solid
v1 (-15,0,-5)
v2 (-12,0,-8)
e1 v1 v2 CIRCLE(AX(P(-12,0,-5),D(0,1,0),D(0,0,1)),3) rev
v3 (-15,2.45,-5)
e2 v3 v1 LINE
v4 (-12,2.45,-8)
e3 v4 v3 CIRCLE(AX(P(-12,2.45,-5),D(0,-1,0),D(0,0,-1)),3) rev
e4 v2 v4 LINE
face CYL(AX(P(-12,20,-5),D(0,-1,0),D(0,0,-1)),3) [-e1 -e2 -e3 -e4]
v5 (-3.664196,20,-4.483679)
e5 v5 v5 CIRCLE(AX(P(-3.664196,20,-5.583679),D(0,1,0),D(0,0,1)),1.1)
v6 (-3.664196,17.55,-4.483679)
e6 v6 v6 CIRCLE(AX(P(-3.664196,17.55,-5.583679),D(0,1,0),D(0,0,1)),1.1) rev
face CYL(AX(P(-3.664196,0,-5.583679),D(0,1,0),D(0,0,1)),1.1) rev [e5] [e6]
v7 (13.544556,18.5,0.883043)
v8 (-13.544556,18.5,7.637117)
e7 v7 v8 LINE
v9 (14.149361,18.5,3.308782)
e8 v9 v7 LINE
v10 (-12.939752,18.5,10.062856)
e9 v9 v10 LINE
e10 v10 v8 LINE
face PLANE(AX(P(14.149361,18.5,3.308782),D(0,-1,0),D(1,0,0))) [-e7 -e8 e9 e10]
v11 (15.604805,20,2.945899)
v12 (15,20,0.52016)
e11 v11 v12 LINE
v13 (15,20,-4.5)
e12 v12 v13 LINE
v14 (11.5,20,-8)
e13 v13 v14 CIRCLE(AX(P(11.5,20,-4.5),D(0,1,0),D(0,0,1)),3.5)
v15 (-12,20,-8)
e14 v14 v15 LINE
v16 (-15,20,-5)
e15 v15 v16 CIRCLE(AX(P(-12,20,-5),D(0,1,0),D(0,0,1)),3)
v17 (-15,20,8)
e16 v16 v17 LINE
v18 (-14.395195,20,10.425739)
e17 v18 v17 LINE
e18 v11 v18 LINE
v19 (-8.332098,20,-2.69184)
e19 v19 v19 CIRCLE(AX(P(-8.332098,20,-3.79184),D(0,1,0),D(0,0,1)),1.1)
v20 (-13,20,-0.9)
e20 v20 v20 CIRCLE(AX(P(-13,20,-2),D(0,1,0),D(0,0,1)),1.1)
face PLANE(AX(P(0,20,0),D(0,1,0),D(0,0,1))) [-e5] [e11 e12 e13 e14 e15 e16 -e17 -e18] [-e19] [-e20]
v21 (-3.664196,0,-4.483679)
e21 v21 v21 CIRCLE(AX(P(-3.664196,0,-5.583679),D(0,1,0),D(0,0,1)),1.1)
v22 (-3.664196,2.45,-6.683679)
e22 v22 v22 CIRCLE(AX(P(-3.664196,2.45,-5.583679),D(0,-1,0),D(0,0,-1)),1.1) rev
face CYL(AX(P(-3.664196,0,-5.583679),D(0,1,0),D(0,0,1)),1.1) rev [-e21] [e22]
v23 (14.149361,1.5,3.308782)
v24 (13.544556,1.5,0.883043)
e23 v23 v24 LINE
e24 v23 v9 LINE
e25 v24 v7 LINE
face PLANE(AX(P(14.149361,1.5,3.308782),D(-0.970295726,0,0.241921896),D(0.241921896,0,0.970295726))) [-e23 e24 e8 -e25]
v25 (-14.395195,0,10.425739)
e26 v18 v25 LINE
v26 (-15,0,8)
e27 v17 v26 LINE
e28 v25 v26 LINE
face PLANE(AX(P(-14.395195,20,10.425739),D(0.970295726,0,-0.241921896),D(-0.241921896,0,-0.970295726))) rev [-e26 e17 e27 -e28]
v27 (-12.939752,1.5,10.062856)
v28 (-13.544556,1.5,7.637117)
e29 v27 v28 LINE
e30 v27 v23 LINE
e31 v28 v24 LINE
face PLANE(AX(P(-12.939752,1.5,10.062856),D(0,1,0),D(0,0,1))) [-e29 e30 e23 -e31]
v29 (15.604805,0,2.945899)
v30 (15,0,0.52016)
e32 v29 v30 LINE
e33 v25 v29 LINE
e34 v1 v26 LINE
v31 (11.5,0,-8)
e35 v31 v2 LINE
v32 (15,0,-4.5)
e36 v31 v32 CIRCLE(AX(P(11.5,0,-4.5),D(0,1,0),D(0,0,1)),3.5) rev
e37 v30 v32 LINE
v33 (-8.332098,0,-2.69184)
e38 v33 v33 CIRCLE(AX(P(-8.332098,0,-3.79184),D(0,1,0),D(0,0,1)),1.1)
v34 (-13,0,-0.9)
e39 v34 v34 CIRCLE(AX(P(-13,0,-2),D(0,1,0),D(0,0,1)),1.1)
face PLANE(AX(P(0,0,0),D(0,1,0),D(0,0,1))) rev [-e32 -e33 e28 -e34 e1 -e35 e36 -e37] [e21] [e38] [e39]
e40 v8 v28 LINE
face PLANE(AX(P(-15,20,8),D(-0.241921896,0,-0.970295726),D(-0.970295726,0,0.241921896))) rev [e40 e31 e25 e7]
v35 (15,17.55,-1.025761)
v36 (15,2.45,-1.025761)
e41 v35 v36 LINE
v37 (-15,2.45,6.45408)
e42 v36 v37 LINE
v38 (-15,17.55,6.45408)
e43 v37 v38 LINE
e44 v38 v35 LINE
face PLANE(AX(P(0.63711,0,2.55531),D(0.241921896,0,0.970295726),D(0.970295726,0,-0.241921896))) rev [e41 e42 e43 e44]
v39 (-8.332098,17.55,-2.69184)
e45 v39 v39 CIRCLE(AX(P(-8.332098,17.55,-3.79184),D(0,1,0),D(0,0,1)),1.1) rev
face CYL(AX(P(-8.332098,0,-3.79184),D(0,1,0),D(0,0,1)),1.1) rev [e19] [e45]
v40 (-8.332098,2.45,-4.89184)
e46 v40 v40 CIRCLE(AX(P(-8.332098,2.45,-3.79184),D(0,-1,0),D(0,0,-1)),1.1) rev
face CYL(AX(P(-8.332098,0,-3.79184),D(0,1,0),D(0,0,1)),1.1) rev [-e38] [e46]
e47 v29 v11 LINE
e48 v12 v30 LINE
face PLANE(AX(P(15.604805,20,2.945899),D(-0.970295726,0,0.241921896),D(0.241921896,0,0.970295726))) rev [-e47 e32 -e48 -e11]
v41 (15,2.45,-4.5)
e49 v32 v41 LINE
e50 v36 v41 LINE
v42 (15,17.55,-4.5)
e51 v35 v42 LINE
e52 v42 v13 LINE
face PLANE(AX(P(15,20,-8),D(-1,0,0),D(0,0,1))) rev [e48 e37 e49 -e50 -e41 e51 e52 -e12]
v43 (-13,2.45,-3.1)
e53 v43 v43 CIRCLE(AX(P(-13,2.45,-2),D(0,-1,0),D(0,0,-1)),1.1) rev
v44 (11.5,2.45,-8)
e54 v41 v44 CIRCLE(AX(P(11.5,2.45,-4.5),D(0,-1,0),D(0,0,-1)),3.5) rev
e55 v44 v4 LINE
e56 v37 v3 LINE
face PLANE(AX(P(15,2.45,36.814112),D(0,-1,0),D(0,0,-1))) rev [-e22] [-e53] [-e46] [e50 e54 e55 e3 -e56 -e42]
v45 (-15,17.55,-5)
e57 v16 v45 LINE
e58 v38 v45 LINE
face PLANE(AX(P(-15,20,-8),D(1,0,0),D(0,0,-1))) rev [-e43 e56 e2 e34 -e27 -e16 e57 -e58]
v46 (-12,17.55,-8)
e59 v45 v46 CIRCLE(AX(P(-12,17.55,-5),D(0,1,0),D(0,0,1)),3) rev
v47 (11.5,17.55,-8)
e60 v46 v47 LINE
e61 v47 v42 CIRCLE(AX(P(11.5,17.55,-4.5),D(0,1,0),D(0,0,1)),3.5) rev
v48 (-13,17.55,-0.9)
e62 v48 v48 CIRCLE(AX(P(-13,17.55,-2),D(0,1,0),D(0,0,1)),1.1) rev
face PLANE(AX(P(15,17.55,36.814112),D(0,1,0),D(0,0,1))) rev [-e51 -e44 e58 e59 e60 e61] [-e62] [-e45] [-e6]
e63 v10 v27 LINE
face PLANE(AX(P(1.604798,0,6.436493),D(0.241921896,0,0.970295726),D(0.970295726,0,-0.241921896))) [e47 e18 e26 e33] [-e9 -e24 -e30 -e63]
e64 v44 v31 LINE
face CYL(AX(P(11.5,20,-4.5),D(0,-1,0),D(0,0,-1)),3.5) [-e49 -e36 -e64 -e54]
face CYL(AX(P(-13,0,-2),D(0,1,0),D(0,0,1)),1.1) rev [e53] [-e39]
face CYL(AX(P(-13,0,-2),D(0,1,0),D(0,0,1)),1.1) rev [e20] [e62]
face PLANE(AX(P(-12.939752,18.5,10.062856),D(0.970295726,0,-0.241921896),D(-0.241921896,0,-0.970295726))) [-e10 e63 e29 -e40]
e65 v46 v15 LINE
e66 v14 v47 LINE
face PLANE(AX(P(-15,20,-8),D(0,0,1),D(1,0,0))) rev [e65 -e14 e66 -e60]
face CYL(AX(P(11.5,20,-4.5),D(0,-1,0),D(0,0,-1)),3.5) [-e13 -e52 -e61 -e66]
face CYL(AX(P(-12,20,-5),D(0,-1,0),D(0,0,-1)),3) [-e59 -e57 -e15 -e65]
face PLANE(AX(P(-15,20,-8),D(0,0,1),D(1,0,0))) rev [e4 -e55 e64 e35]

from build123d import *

# Parameters (mm, degrees)
EXTRUDE_1_DEPTH     = 20
SKETCH_2_R          = 1.1
CUT_EXTRUDE_2_DEPTH = 27.248809497
CUT_EXTRUDE_3_REACH = 31.682
SKETCH_3_W          = 30
SKETCH_3_H          = 15.1
FILLET_1_R          = 3
SKETCH_6_W          = 30.918408881
SKETCH_6_H          = 20
SKETCH_6_W_2        = 27.918408881
SKETCH_6_H_2        = 17
EXTRUDE_2_DEPTH     = 2.5
FILLET_2_R          = 3.5


with BuildPart() as part:
    # 草图1 → 凸台-拉伸1 (new body)
    with BuildSketch(Plane(origin=(0, 0, 0), x_dir=(1, 0, 0), z_dir=(0, 1, 0))):
        Polygon((-15, -8), (15, -0.520159915), (15, 8), (-15, 8), align=None)
    extrude(amount=EXTRUDE_1_DEPTH)

    # 草图2 → 切除-拉伸2 (cut, through all)
    with BuildSketch(Plane(origin=(0, 20, 0), x_dir=(1, 0, 0), z_dir=(0, 1, 0))):
        with Locations(Location((-13, 2, 0), (0, 0, 270))):
            Circle(SKETCH_2_R)
        with Locations(Location((-8.332097868, 3.791839748, 0), (0, 0, 270))):
            Circle(SKETCH_2_R)
        with Locations(Location((-3.664195735, 5.583679495, 0), (0, 0, 270))):
            Circle(SKETCH_2_R)
    extrude(amount=-CUT_EXTRUDE_2_DEPTH, mode=Mode.SUBTRACT)

    # 切除-拉伸3: up to this plane
    cut_extrude_3_end = Plane(origin=(0.637110354, 0, 2.555310061), z_dir=(0.24192189559966876, 0, 0.9702957262759963))
    # 草图3 → 切除-拉伸3 (cut, up to the surface)
    with BuildSketch(Plane(origin=(0, 0, -8), x_dir=(-1, 0, 0), z_dir=(0, 0, -1)), mode=Mode.PRIVATE) as cut_extrude_3_sk1:
        with Locations((0, 10)):
            Rectangle(SKETCH_3_W, SKETCH_3_H)
    cut_extrude_3_tool1 = split(extrude(cut_extrude_3_sk1.sketch, amount=-CUT_EXTRUDE_3_REACH, mode=Mode.PRIVATE), bisect_by=cut_extrude_3_end, keep=Keep.BOTH, mode=Mode.PRIVATE)
    add(cut_extrude_3_tool1.solids().sort_by_distance((0, 10, -8))[0], mode=Mode.SUBTRACT)

    # 圆角1
    fillet_1_edges = [part.edges().sort_by_distance(p)[0] for p in [
        (-15, 1.225, -8),
        (-15, 18.775, -8),
    ]]
    fillet(fillet_1_edges, radius=FILLET_1_R)

    # 草图6 → 凸台-拉伸2 (add)
    with BuildSketch(Plane(origin=(0.999993198, 0, 4.010753651), x_dir=(0.9702957262759964, 0, -0.2419218955996687), z_dir=(0.2419218955996687, 0, 0.9702957262759964))):
        with Locations((-1.030606619, 10)):
            Rectangle(SKETCH_6_W, SKETCH_6_H)
        with Locations((-1.030606619, 10)):
            Rectangle(SKETCH_6_W_2, SKETCH_6_H_2, mode=Mode.SUBTRACT)
    extrude(amount=EXTRUDE_2_DEPTH)

    # 圆角2
    fillet_2_edges = [part.edges().sort_by_distance(p)[0] for p in [
        (15, 1.225, -8),
        (15, 18.775, -8),
    ]]
    fillet(fillet_2_edges, radius=FILLET_2_R)


solid = part.part
